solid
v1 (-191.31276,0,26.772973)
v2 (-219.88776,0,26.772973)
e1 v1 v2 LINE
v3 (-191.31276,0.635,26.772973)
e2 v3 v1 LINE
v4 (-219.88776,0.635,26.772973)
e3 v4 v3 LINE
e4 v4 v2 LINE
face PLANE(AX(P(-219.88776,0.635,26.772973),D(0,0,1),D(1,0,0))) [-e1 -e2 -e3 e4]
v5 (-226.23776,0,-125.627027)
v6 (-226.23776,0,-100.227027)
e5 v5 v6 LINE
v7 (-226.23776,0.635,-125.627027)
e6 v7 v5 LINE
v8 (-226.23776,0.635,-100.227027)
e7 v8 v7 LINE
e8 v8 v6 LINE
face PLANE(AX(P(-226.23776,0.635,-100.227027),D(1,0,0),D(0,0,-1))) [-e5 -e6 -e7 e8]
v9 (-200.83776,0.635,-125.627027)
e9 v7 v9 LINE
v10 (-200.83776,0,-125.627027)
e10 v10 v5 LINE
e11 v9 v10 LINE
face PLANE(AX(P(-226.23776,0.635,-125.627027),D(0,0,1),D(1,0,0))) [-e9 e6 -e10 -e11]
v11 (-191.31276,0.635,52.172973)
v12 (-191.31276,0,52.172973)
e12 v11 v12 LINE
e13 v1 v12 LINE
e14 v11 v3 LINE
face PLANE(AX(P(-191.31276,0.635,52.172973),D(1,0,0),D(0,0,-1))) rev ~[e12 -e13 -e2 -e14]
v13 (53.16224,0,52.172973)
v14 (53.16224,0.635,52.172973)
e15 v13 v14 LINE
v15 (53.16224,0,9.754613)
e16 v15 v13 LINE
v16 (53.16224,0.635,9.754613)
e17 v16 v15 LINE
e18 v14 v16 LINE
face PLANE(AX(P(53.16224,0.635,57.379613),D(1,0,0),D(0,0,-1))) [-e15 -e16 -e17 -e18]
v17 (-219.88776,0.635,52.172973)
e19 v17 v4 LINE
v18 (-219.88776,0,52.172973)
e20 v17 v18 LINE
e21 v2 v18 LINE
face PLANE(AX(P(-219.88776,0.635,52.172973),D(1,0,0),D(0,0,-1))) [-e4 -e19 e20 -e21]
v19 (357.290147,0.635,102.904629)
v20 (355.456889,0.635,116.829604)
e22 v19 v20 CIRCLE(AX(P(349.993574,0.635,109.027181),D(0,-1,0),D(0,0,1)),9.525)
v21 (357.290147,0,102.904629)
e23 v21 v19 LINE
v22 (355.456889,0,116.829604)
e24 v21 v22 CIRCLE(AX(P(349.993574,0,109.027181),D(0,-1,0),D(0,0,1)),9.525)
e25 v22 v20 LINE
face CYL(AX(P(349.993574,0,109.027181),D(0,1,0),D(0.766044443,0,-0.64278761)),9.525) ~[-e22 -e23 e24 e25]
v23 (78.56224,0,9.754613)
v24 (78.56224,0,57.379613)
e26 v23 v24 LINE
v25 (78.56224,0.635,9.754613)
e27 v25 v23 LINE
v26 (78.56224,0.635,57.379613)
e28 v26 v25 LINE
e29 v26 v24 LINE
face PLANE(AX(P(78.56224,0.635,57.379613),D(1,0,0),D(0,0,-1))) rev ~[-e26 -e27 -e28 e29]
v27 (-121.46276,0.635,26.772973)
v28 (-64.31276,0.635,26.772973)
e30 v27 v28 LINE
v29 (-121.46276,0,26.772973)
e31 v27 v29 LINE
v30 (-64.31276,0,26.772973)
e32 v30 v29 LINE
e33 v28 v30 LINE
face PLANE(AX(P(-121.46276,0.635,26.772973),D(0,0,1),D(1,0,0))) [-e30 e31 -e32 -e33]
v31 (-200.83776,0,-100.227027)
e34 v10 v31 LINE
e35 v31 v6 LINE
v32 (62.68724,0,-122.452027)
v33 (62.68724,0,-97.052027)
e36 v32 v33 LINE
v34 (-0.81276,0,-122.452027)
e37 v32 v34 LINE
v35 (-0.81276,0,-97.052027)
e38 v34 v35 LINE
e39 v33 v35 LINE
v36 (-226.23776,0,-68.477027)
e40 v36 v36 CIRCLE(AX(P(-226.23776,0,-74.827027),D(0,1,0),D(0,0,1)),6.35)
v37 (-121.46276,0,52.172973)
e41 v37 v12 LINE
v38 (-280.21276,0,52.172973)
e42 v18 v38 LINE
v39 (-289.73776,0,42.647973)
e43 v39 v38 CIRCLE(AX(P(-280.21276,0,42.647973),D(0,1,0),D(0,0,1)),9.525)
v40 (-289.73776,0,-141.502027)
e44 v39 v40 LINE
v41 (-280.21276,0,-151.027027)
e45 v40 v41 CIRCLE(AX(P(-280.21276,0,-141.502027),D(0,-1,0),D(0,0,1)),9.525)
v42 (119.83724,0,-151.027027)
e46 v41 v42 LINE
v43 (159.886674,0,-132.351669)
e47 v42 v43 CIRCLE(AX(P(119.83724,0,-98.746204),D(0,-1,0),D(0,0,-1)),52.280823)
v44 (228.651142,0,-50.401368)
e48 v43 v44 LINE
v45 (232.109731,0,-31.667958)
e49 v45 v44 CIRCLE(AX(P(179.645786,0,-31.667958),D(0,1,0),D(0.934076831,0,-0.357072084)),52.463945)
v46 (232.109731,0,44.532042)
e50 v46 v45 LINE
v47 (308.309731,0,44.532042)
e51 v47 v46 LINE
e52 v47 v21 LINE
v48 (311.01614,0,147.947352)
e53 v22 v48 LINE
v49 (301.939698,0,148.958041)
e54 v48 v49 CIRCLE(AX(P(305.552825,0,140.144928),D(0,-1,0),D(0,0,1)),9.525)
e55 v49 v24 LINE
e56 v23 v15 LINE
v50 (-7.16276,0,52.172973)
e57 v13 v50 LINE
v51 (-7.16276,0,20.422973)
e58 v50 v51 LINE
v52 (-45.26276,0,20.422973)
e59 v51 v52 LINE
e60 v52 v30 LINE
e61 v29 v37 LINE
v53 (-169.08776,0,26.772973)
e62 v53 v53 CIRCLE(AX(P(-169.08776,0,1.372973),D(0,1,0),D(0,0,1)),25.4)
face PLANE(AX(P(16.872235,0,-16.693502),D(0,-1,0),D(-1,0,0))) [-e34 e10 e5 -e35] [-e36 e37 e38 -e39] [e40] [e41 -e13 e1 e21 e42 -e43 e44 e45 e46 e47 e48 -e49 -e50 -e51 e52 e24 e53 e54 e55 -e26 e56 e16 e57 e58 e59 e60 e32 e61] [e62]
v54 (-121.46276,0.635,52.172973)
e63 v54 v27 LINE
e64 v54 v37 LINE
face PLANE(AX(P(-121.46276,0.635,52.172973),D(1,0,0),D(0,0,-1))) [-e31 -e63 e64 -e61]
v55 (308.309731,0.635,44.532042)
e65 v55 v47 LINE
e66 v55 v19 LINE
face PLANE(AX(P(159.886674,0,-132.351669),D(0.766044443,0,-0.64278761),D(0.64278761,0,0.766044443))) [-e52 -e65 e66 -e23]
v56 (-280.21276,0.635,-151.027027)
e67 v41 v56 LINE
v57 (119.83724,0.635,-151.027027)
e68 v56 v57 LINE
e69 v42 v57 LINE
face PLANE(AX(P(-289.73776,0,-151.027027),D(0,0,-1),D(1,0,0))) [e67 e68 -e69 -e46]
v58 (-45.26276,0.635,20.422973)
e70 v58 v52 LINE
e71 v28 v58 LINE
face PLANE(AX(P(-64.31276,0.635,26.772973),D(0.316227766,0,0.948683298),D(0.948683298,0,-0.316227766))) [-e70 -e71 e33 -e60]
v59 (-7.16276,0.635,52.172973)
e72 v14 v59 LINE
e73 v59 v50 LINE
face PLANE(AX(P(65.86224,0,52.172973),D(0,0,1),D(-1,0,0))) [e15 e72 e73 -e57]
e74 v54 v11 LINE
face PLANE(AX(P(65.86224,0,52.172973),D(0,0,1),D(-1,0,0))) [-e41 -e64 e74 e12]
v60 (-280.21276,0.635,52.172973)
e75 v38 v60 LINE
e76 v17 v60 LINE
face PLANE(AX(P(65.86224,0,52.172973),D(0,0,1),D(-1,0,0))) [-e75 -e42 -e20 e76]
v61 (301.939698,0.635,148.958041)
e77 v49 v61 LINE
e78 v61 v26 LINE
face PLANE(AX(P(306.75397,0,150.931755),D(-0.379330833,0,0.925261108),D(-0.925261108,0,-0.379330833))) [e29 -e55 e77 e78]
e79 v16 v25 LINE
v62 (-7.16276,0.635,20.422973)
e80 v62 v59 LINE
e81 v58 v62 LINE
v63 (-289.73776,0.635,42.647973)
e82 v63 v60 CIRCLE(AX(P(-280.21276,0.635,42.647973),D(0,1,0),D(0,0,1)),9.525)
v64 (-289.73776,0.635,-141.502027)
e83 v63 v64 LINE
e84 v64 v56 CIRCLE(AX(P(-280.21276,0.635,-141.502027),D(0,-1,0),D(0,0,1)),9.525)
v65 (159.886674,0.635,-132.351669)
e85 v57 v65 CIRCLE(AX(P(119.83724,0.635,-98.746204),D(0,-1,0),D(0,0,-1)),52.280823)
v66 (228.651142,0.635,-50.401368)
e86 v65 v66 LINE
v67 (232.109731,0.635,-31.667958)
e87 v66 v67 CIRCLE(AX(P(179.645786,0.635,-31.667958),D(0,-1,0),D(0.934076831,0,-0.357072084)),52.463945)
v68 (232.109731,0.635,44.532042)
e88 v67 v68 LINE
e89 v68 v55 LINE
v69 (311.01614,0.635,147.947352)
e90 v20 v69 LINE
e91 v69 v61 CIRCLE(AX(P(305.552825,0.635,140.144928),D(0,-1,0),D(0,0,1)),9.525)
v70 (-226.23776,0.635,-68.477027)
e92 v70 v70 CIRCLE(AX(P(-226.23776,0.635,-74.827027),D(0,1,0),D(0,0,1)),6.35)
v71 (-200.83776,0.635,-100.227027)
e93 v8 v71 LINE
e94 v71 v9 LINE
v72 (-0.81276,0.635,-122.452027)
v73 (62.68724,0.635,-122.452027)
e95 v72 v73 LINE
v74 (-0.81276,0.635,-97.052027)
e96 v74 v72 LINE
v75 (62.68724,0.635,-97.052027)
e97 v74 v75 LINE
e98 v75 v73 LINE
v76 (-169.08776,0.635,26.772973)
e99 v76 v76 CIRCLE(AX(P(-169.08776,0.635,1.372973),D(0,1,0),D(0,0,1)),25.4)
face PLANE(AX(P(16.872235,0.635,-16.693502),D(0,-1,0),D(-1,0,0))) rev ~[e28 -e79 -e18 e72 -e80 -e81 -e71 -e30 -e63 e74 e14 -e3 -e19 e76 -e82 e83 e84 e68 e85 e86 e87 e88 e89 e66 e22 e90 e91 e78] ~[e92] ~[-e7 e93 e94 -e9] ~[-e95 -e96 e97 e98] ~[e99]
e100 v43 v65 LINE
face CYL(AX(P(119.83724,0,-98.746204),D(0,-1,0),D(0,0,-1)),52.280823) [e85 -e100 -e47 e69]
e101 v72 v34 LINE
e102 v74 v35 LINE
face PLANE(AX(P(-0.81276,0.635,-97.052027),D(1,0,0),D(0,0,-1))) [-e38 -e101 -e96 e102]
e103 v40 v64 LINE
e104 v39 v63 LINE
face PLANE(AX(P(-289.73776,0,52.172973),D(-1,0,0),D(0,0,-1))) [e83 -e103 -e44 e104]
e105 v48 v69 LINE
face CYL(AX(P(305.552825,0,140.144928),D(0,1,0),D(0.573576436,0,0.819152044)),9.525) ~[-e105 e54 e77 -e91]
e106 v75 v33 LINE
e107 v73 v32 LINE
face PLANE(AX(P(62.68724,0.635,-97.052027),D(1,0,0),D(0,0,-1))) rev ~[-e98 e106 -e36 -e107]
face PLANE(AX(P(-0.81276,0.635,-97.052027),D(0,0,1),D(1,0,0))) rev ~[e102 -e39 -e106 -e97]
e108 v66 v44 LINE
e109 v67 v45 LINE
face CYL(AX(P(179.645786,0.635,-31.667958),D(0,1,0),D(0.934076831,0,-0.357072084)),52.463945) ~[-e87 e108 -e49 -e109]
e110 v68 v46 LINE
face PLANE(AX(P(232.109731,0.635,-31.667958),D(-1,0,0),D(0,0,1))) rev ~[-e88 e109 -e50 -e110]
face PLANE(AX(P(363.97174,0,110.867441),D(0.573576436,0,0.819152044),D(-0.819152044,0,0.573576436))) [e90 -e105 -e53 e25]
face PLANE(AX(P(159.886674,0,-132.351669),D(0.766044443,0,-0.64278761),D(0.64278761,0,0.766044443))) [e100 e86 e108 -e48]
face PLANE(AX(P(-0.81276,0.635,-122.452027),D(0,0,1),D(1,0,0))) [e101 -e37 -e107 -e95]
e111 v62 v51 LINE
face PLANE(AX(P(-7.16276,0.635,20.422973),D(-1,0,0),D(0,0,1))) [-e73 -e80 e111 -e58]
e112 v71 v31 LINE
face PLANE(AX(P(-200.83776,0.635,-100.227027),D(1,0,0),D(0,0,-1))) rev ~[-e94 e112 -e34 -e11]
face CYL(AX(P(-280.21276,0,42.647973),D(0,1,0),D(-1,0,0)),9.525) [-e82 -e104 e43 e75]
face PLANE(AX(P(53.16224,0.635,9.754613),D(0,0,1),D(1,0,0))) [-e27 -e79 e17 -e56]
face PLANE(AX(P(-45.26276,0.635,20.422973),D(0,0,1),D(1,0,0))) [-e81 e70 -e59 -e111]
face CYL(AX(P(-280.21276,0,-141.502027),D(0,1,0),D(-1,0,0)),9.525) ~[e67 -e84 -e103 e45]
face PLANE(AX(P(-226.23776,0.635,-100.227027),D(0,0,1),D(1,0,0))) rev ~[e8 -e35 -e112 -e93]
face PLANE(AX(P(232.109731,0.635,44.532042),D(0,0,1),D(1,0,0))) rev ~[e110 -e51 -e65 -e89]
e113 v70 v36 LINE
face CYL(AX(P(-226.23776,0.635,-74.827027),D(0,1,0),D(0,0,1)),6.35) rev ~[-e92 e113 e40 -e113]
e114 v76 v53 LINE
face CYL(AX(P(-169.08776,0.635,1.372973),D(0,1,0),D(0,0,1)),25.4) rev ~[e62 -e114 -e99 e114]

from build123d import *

# Parameters (mm, degrees)
BOSS_EXTRUDE1_DEPTH = 0.635
FILLET1_R           = 9.525
SKETCH2_R           = 25.4
SKETCH2_R_2         = 6.35
SKETCH2_W           = 25.4
SKETCH2_H           = 25.4
SKETCH2_W_2         = 63.5
SKETCH2_H_2         = 47.625
SKETCH2_W_3         = 28.575
CUT_EXTRUDE1_DEPTH  = 390.952780599


with BuildPart() as part:
    # Sketch1 → Boss-Extrude1 (new body)
    with BuildSketch(Plane(origin=(0, 0, 0), x_dir=(1, 0, 0), z_dir=(0, 1, 0))):
        with BuildLine():
            Line((-289.73775964, -52.172972973), (-289.73775964, 151.027027027))
            Line((-289.73775964, 151.027027027), (119.83724036, 151.027027027))
            ThreePointArc((119.83724036, 151.027027027), (141.932070827, 146.12872104), (159.886674172, 132.351669336))
            Line((159.886674172, 132.351669336), (363.971740247, -110.867441355))
            Line((363.971740247, -110.867441355), (306.753969954, -150.931755434))
            Line((306.753969954, -150.931755434), (65.86224036, -52.172972973))
            Line((65.86224036, -52.172972973), (-289.73775964, -52.172972973))
        make_face()
    extrude(amount=BOSS_EXTRUDE1_DEPTH)

    # Fillet1
    fillet1_edges = [part.edges().sort_by_distance(p)[0] for p in [
        (-289.73775964, 0.3175, 52.172972973),
        (-289.73775964, 0.3175, -151.027027027),
        (363.971740247, 0.3175, 110.867441355),
        (306.753969954, 0.3175, 150.931755434),
    ]]
    fillet(fillet1_edges, radius=FILLET1_R)

    # Sketch2 → Cut-Extrude1 (cut, through all)
    with BuildSketch(Plane(origin=(0, 0.635, 0), x_dir=(1, 0, 0), z_dir=(0, 1, 0))):
        with Locations(Location((-169.08775964, -1.372972973, 0), (0, 0, 270))):
            Circle(SKETCH2_R)
        with Locations(Location((-226.23775964, 74.827027027, 0), (0, 0, 270))):
            Circle(SKETCH2_R_2)
        with BuildLine():
            Line((232.109731363, 31.667957705), (232.109731363, -44.532042295))
            Line((232.109731363, -44.532042295), (308.309731363, -44.532042295))
            Line((308.309731363, -44.532042295), (228.651141857, 50.401367929))
            ThreePointArc((228.651141857, 50.401367929), (231.237839047, 41.192957705), (232.109731363, 31.667957705))
        make_face()
        Polygon((-121.46275964, -52.172972973), (-121.46275964, -26.772972973), (-64.31275964, -26.772972973), (-45.26275964, -20.422972973), (-7.16275964, -20.422972973), (-7.16275964, -52.172972973), align=None)
        with Locations((-213.53775964, 112.927027027)):
            Rectangle(SKETCH2_W, SKETCH2_H)
        with Locations((30.93724036, 109.752027027)):
            Rectangle(SKETCH2_W_2, SKETCH2_H)
        with Locations((65.86224036, -33.567113065)):
            Rectangle(SKETCH2_W, SKETCH2_H_2)
        with Locations((-205.60025964, -39.472972973)):
            Rectangle(SKETCH2_W_3, SKETCH2_H)
    extrude(amount=-CUT_EXTRUDE1_DEPTH, mode=Mode.SUBTRACT)


solid = part.part
